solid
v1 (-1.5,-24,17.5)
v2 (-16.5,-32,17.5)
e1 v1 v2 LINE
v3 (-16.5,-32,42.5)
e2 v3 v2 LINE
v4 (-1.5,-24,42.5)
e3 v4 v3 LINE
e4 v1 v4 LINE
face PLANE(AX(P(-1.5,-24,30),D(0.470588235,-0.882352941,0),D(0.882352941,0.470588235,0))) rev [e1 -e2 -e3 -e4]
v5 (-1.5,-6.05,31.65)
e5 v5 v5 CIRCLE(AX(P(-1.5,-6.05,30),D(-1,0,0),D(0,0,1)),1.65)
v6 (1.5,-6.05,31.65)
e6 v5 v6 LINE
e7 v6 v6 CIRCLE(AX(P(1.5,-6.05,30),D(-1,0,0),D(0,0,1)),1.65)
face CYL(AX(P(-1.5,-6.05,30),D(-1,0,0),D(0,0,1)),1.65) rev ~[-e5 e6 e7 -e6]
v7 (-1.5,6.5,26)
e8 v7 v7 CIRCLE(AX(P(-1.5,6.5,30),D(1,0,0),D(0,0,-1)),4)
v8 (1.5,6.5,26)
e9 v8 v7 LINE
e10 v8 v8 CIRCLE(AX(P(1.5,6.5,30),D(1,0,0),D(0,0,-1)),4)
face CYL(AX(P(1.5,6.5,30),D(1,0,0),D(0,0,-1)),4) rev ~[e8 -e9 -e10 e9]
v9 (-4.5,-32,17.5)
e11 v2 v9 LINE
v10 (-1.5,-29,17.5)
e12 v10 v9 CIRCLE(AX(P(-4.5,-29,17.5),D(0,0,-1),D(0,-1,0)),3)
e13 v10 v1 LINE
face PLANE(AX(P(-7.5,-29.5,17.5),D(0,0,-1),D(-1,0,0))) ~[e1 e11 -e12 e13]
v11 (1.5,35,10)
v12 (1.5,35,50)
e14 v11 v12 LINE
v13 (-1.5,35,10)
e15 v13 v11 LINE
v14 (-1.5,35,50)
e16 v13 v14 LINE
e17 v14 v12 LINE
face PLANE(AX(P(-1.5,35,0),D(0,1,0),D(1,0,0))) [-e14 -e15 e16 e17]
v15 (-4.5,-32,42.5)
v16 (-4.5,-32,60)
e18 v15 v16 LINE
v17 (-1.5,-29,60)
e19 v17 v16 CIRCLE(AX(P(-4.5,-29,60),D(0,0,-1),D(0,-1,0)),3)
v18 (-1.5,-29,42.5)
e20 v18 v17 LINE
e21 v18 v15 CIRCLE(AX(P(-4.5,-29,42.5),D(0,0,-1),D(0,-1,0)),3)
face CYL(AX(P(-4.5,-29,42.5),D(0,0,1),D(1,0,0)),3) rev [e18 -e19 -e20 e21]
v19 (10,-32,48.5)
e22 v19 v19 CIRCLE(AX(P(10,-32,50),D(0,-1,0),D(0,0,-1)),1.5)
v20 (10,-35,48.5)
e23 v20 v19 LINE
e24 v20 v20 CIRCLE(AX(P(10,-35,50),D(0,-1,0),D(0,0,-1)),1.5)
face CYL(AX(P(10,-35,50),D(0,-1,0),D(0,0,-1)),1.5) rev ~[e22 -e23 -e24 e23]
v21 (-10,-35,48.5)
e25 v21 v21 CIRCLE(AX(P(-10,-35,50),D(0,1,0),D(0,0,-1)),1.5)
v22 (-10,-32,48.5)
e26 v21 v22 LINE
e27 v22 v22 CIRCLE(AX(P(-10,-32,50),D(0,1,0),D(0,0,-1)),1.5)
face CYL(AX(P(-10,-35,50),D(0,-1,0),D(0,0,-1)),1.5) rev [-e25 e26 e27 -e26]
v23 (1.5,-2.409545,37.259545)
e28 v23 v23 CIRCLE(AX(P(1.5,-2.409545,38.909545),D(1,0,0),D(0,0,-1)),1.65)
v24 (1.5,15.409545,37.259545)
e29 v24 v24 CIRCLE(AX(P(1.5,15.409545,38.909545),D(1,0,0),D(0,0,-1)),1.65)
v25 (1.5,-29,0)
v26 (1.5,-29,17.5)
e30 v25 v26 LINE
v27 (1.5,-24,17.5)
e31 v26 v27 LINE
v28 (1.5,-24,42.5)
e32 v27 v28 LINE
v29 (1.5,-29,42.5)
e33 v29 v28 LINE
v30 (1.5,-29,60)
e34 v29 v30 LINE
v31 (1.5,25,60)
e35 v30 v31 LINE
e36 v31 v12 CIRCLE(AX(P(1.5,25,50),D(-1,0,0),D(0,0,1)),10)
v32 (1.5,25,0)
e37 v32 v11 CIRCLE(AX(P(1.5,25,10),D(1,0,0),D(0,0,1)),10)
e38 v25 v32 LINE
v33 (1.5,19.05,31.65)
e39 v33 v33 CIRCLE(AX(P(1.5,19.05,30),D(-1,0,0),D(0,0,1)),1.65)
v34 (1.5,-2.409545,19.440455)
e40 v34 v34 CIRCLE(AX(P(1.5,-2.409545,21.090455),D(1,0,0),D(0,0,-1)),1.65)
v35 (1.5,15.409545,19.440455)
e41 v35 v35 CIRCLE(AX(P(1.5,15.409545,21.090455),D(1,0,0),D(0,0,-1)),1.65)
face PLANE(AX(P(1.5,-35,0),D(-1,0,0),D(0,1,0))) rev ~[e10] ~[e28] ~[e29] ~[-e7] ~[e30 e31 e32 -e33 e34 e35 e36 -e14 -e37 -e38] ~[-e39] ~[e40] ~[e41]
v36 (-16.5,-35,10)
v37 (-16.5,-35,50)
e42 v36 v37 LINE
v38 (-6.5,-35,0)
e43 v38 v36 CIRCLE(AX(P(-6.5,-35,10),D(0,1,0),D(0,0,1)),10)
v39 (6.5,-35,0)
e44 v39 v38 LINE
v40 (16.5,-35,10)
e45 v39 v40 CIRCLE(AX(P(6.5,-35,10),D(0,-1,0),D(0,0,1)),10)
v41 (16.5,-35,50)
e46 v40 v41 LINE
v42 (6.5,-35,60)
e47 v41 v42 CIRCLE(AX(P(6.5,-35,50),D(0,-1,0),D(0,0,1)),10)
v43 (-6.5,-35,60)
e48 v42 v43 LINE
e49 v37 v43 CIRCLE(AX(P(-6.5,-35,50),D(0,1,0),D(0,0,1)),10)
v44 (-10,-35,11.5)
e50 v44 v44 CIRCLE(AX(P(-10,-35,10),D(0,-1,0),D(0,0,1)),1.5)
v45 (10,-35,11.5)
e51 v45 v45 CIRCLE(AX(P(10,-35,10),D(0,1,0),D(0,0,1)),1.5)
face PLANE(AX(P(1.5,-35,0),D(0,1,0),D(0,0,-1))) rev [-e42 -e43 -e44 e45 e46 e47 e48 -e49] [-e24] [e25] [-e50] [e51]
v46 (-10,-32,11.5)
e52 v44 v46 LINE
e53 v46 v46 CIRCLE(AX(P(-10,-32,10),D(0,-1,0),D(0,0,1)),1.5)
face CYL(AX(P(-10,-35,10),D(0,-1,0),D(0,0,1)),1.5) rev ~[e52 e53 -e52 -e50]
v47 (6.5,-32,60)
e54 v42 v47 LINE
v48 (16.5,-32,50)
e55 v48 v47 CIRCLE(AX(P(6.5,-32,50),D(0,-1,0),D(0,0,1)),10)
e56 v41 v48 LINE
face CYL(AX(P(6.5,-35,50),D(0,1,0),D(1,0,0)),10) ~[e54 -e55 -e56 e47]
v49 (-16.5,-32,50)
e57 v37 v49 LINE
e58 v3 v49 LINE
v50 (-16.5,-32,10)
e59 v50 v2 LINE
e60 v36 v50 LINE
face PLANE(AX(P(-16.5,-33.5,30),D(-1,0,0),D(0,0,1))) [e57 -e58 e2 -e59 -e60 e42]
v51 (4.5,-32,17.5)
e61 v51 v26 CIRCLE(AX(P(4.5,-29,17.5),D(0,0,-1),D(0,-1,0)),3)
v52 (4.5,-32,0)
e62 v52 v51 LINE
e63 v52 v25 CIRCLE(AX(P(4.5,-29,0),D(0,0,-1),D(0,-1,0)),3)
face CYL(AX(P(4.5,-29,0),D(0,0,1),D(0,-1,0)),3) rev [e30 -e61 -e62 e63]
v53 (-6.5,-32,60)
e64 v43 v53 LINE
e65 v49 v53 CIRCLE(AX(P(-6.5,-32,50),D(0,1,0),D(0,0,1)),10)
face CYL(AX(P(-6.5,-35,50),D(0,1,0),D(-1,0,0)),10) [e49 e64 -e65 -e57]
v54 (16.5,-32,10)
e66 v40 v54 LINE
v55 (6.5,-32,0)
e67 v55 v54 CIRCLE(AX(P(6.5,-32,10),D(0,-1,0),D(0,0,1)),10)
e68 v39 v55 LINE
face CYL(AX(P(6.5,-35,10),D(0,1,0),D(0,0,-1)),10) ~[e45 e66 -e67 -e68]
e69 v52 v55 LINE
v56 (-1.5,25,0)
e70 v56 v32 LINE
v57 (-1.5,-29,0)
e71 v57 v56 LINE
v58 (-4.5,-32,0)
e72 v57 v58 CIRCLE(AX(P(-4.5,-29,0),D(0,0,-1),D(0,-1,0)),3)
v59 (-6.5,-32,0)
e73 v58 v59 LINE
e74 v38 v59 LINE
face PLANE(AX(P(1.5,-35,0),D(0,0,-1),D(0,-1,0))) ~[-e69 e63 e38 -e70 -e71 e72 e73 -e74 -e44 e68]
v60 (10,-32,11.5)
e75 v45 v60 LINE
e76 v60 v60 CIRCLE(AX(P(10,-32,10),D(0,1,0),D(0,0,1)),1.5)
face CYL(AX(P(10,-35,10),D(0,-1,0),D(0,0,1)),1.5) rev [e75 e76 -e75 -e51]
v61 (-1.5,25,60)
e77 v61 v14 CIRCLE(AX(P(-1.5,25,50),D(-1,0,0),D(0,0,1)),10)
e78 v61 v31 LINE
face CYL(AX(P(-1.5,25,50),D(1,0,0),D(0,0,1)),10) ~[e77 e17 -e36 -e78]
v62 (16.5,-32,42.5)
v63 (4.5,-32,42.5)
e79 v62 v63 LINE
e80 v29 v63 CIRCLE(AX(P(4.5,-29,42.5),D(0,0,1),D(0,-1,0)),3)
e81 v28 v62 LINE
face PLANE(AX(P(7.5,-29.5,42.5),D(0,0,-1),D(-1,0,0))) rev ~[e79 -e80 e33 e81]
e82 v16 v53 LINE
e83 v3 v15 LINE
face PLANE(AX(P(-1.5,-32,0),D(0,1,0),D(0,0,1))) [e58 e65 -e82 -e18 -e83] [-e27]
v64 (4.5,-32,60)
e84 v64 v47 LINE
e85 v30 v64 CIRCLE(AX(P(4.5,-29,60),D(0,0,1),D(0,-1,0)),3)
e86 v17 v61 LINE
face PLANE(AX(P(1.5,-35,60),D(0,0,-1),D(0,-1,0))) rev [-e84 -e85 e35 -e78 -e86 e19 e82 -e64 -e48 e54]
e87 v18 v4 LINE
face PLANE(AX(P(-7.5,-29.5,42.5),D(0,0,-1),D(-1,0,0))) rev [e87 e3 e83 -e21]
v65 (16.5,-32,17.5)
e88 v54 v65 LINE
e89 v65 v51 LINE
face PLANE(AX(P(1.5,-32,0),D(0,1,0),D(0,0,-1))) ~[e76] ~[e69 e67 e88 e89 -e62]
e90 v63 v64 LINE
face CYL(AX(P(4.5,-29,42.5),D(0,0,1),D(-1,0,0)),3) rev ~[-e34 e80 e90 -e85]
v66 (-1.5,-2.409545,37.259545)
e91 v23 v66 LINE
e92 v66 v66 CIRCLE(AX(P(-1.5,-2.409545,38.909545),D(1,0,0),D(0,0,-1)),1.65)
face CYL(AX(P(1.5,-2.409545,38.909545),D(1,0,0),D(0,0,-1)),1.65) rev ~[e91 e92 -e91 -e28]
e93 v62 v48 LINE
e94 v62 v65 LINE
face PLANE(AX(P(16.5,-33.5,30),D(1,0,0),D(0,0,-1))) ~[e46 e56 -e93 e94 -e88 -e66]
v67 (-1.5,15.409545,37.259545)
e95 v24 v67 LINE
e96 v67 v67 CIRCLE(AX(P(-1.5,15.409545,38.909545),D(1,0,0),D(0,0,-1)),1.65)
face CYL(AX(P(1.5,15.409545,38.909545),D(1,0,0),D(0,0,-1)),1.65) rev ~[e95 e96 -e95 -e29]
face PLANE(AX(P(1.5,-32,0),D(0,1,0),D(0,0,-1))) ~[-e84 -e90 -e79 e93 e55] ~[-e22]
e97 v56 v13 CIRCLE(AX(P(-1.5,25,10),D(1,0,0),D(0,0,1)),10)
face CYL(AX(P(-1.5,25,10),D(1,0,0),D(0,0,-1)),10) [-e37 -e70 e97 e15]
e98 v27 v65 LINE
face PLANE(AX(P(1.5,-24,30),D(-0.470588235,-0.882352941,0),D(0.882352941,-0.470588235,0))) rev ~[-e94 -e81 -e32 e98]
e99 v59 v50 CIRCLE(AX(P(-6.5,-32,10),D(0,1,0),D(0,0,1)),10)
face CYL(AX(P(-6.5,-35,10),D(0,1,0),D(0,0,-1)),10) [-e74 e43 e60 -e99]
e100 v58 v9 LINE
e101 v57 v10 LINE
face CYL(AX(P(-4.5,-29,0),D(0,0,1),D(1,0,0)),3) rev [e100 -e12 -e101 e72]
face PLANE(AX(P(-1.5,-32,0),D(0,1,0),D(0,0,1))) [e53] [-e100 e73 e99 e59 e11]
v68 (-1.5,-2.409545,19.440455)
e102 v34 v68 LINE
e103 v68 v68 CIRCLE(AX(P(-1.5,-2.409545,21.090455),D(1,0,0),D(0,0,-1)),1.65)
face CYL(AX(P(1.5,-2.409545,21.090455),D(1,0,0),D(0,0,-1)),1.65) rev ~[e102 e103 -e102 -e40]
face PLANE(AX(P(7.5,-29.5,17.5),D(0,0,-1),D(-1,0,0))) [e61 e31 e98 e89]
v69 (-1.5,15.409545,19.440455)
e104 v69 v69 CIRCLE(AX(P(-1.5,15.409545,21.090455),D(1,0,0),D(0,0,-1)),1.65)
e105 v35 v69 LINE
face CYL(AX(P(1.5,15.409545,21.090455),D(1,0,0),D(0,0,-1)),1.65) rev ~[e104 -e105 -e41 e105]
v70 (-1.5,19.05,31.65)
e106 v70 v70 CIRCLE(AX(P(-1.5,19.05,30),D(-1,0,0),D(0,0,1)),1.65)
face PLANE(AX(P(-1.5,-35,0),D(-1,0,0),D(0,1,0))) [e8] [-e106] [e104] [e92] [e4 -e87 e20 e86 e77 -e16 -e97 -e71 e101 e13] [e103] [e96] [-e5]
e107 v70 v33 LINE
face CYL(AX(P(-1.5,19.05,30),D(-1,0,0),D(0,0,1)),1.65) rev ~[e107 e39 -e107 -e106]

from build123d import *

# Parameters (mm, degrees)
SKETCH_1_W               = 3
SKETCH_1_H               = 70
EXTRUDE_1_DEPTH          = 60
SKETCH_2_W               = 60
SKETCH_2_H               = 3
EXTRUDE_2_DEPTH          = 15
FILLET_2_R               = 10
CUT_EXTRUDE_1_REACH      = 73.757
SKETCH_3_R               = 1.65
SKETCH_3_R_2             = 4
SKETCH_5_R               = 1.5
CUT_EXTRUDE_4_DEPTH      = 3
FILLET_3_R               = 10
MIRROR_3_COPY_1_SKETCH_R = 1.5
MIRROR_3_COPY_1_DEPTH    = 3
MIRROR_3_COPY_2_SKETCH_R = 1.5
MIRROR_3_COPY_2_DEPTH    = 3
SKETCH_7_R               = 1.65
CUT_EXTRUDE_5_DEPTH      = 10
EXTRUDE_3_DEPTH          = 12.5
FILLET_4_R               = 3


with BuildPart() as part:
    # 草图1 → 凸台-拉伸1 (new body)
    with BuildSketch(Plane.XY):
        Rectangle(SKETCH_1_W, SKETCH_1_H)
    extrude(amount=EXTRUDE_1_DEPTH)

    # 草图2 → 凸台-拉伸2 (add)
    with BuildSketch(Plane.ZY.offset(1.5)):
        with Locations((30, -33.5)):
            Rectangle(SKETCH_2_W, SKETCH_2_H)
    extrude_2 = extrude(amount=EXTRUDE_2_DEPTH)

    # 镜向1: 凸台-拉伸2 across plane
    add(extrude_2.mirror(Plane(origin=(0, 0, 0), x_dir=(0, 0, 1), z_dir=(1, 0, 0))))

    # 圆角2
    fillet_2_edges = [part.edges().sort_by_distance(p)[0] for p in [
        (0, 35, 0),
        (0, 35, 60),
    ]]
    fillet(fillet_2_edges, radius=FILLET_2_R)

    # 草图3 → 切除-拉伸1 (cut, up to next)
    with BuildSketch(Plane(origin=(1.5, 0, 0), x_dir=(0, 0, -1), z_dir=(1, 0, 0)), mode=Mode.PRIVATE) as cut_extrude_1_sk1:
        with Locations((-38.909545443, -2.409545443)):
            Circle(SKETCH_3_R)
    cut_extrude_1_tool1 = extrude(cut_extrude_1_sk1.sketch, amount=-CUT_EXTRUDE_1_REACH, mode=Mode.PRIVATE) & part.part
    # 草图3 → 切除-拉伸1 (cut, up to next)
    with BuildSketch(Plane(origin=(1.5, 0, 0), x_dir=(0, 0, -1), z_dir=(1, 0, 0)), mode=Mode.PRIVATE) as cut_extrude_1_sk2:
        with Locations((-21.090454557, -2.409545443)):
            Circle(SKETCH_3_R)
    cut_extrude_1_tool2 = extrude(cut_extrude_1_sk2.sketch, amount=-CUT_EXTRUDE_1_REACH, mode=Mode.PRIVATE) & part.part
    # 草图3 → 切除-拉伸1 (cut, up to next)
    with BuildSketch(Plane(origin=(1.5, 0, 0), x_dir=(0, 0, -1), z_dir=(1, 0, 0)), mode=Mode.PRIVATE) as cut_extrude_1_sk3:
        with Locations((-30, 6.5)):
            Circle(SKETCH_3_R_2)
    cut_extrude_1_tool3 = extrude(cut_extrude_1_sk3.sketch, amount=-CUT_EXTRUDE_1_REACH, mode=Mode.PRIVATE) & part.part
    # 草图3 → 切除-拉伸1 (cut, up to next)
    with BuildSketch(Plane(origin=(1.5, 0, 0), x_dir=(0, 0, -1), z_dir=(1, 0, 0)), mode=Mode.PRIVATE) as cut_extrude_1_sk4:
        with Locations((-38.909545443, 15.409545443)):
            Circle(SKETCH_3_R)
    cut_extrude_1_tool4 = extrude(cut_extrude_1_sk4.sketch, amount=-CUT_EXTRUDE_1_REACH, mode=Mode.PRIVATE) & part.part
    # 草图3 → 切除-拉伸1 (cut, up to next)
    with BuildSketch(Plane(origin=(1.5, 0, 0), x_dir=(0, 0, -1), z_dir=(1, 0, 0)), mode=Mode.PRIVATE) as cut_extrude_1_sk5:
        with Locations((-21.090454557, 15.409545443)):
            Circle(SKETCH_3_R)
    cut_extrude_1_tool5 = extrude(cut_extrude_1_sk5.sketch, amount=-CUT_EXTRUDE_1_REACH, mode=Mode.PRIVATE) & part.part
    add(cut_extrude_1_tool1.solids().sort_by_distance((1.5, -2.409545, 38.909545))[0], mode=Mode.SUBTRACT)
    add(cut_extrude_1_tool2.solids().sort_by_distance((1.5, -2.409545, 21.090455))[0], mode=Mode.SUBTRACT)
    add(cut_extrude_1_tool3.solids().sort_by_distance((1.5, 6.5, 30))[0], mode=Mode.SUBTRACT)
    add(cut_extrude_1_tool4.solids().sort_by_distance((1.5, 15.409545, 38.909545))[0], mode=Mode.SUBTRACT)
    add(cut_extrude_1_tool5.solids().sort_by_distance((1.5, 15.409545, 21.090455))[0], mode=Mode.SUBTRACT)

    # 草图5 → 切除-拉伸4 (cut)
    with BuildSketch(Plane(origin=(0, -35, 0), x_dir=(1, 0, 0), z_dir=(0, 1, 0))):
        with Locations(Location((10, -10, 0), (0, 0, 270))):
            Circle(SKETCH_5_R)
    cut_extrude_4 = extrude(amount=CUT_EXTRUDE_4_DEPTH, mode=Mode.SUBTRACT)

    # 圆角3
    fillet_3_edges = [part.edges().sort_by_distance(p)[0] for p in [
        (-16.5, -33.5, 0),
        (-16.5, -33.5, 60),
        (16.5, -33.5, 60),
        (16.5, -33.5, 0),
    ]]
    fillet(fillet_3_edges, radius=FILLET_3_R)

    # 镜向2: 切除-拉伸4 across plane
    add(cut_extrude_4.mirror(Plane(origin=(0, 0, 0), x_dir=(0, 0, 1), z_dir=(1, 0, 0))), mode=Mode.SUBTRACT)

    # 镜向2 at the second plane: 切除-拉伸4 across plane
    add(cut_extrude_4.mirror(Plane.ZX), mode=Mode.SUBTRACT)

    # 镜向3: 切除-拉伸4 across plane
    add(cut_extrude_4.mirror(Plane.XY.offset(30)), mode=Mode.SUBTRACT)

    # 镜向3 copy 1 sketch → 镜向3 copy 1 (cut)
    with BuildSketch(Plane(origin=(0, -35, 60), x_dir=(-1, 0, 0), z_dir=(0, 1, 0))):
        with Locations(Location((10, -10, 0), (0, 0, 270))):
            Circle(MIRROR_3_COPY_1_SKETCH_R)
    extrude(amount=MIRROR_3_COPY_1_DEPTH, mode=Mode.SUBTRACT)

    # 镜向3 copy 2 sketch → 镜向3 copy 2 (cut)
    with BuildSketch(Plane(origin=(0, 35, 60), x_dir=(1, 0, 0), z_dir=(0, -1, 0))):
        with Locations(Location((10, -10, 0), (0, 0, 270))):
            Circle(MIRROR_3_COPY_2_SKETCH_R)
    extrude(amount=MIRROR_3_COPY_2_DEPTH, mode=Mode.SUBTRACT)

    # 草图7 → 切除-拉伸5 (cut)
    with BuildSketch(Plane.ZY.offset(1.5)):
        with Locations((30, 19.05)):
            Circle(SKETCH_7_R)
        with Locations((30, -6.05)):
            Circle(SKETCH_7_R)
    extrude(amount=-CUT_EXTRUDE_5_DEPTH, mode=Mode.SUBTRACT)

    # 草图8 → 凸台-拉伸3 (add, symmetric)
    with BuildSketch(Plane.XY.offset(30)):
        Polygon((1.5, -24), (16.5, -32), (1.5, -32), align=None)
    extrude_3 = extrude(amount=EXTRUDE_3_DEPTH, both=True)

    # 镜向4: 凸台-拉伸3 across plane
    add(extrude_3.mirror(Plane(origin=(0, 0, 0), x_dir=(0, 0, 1), z_dir=(1, 0, 0))))

    # 圆角4
    fillet_4_edges = [part.edges().sort_by_distance(p)[0] for p in [
        (1.5, -32, 51.25),
        (-1.5, -32, 51.25),
        (-1.5, -32, 8.75),
        (1.5, -32, 8.75),
    ]]
    fillet(fillet_4_edges, radius=FILLET_4_R)


solid = part.part
